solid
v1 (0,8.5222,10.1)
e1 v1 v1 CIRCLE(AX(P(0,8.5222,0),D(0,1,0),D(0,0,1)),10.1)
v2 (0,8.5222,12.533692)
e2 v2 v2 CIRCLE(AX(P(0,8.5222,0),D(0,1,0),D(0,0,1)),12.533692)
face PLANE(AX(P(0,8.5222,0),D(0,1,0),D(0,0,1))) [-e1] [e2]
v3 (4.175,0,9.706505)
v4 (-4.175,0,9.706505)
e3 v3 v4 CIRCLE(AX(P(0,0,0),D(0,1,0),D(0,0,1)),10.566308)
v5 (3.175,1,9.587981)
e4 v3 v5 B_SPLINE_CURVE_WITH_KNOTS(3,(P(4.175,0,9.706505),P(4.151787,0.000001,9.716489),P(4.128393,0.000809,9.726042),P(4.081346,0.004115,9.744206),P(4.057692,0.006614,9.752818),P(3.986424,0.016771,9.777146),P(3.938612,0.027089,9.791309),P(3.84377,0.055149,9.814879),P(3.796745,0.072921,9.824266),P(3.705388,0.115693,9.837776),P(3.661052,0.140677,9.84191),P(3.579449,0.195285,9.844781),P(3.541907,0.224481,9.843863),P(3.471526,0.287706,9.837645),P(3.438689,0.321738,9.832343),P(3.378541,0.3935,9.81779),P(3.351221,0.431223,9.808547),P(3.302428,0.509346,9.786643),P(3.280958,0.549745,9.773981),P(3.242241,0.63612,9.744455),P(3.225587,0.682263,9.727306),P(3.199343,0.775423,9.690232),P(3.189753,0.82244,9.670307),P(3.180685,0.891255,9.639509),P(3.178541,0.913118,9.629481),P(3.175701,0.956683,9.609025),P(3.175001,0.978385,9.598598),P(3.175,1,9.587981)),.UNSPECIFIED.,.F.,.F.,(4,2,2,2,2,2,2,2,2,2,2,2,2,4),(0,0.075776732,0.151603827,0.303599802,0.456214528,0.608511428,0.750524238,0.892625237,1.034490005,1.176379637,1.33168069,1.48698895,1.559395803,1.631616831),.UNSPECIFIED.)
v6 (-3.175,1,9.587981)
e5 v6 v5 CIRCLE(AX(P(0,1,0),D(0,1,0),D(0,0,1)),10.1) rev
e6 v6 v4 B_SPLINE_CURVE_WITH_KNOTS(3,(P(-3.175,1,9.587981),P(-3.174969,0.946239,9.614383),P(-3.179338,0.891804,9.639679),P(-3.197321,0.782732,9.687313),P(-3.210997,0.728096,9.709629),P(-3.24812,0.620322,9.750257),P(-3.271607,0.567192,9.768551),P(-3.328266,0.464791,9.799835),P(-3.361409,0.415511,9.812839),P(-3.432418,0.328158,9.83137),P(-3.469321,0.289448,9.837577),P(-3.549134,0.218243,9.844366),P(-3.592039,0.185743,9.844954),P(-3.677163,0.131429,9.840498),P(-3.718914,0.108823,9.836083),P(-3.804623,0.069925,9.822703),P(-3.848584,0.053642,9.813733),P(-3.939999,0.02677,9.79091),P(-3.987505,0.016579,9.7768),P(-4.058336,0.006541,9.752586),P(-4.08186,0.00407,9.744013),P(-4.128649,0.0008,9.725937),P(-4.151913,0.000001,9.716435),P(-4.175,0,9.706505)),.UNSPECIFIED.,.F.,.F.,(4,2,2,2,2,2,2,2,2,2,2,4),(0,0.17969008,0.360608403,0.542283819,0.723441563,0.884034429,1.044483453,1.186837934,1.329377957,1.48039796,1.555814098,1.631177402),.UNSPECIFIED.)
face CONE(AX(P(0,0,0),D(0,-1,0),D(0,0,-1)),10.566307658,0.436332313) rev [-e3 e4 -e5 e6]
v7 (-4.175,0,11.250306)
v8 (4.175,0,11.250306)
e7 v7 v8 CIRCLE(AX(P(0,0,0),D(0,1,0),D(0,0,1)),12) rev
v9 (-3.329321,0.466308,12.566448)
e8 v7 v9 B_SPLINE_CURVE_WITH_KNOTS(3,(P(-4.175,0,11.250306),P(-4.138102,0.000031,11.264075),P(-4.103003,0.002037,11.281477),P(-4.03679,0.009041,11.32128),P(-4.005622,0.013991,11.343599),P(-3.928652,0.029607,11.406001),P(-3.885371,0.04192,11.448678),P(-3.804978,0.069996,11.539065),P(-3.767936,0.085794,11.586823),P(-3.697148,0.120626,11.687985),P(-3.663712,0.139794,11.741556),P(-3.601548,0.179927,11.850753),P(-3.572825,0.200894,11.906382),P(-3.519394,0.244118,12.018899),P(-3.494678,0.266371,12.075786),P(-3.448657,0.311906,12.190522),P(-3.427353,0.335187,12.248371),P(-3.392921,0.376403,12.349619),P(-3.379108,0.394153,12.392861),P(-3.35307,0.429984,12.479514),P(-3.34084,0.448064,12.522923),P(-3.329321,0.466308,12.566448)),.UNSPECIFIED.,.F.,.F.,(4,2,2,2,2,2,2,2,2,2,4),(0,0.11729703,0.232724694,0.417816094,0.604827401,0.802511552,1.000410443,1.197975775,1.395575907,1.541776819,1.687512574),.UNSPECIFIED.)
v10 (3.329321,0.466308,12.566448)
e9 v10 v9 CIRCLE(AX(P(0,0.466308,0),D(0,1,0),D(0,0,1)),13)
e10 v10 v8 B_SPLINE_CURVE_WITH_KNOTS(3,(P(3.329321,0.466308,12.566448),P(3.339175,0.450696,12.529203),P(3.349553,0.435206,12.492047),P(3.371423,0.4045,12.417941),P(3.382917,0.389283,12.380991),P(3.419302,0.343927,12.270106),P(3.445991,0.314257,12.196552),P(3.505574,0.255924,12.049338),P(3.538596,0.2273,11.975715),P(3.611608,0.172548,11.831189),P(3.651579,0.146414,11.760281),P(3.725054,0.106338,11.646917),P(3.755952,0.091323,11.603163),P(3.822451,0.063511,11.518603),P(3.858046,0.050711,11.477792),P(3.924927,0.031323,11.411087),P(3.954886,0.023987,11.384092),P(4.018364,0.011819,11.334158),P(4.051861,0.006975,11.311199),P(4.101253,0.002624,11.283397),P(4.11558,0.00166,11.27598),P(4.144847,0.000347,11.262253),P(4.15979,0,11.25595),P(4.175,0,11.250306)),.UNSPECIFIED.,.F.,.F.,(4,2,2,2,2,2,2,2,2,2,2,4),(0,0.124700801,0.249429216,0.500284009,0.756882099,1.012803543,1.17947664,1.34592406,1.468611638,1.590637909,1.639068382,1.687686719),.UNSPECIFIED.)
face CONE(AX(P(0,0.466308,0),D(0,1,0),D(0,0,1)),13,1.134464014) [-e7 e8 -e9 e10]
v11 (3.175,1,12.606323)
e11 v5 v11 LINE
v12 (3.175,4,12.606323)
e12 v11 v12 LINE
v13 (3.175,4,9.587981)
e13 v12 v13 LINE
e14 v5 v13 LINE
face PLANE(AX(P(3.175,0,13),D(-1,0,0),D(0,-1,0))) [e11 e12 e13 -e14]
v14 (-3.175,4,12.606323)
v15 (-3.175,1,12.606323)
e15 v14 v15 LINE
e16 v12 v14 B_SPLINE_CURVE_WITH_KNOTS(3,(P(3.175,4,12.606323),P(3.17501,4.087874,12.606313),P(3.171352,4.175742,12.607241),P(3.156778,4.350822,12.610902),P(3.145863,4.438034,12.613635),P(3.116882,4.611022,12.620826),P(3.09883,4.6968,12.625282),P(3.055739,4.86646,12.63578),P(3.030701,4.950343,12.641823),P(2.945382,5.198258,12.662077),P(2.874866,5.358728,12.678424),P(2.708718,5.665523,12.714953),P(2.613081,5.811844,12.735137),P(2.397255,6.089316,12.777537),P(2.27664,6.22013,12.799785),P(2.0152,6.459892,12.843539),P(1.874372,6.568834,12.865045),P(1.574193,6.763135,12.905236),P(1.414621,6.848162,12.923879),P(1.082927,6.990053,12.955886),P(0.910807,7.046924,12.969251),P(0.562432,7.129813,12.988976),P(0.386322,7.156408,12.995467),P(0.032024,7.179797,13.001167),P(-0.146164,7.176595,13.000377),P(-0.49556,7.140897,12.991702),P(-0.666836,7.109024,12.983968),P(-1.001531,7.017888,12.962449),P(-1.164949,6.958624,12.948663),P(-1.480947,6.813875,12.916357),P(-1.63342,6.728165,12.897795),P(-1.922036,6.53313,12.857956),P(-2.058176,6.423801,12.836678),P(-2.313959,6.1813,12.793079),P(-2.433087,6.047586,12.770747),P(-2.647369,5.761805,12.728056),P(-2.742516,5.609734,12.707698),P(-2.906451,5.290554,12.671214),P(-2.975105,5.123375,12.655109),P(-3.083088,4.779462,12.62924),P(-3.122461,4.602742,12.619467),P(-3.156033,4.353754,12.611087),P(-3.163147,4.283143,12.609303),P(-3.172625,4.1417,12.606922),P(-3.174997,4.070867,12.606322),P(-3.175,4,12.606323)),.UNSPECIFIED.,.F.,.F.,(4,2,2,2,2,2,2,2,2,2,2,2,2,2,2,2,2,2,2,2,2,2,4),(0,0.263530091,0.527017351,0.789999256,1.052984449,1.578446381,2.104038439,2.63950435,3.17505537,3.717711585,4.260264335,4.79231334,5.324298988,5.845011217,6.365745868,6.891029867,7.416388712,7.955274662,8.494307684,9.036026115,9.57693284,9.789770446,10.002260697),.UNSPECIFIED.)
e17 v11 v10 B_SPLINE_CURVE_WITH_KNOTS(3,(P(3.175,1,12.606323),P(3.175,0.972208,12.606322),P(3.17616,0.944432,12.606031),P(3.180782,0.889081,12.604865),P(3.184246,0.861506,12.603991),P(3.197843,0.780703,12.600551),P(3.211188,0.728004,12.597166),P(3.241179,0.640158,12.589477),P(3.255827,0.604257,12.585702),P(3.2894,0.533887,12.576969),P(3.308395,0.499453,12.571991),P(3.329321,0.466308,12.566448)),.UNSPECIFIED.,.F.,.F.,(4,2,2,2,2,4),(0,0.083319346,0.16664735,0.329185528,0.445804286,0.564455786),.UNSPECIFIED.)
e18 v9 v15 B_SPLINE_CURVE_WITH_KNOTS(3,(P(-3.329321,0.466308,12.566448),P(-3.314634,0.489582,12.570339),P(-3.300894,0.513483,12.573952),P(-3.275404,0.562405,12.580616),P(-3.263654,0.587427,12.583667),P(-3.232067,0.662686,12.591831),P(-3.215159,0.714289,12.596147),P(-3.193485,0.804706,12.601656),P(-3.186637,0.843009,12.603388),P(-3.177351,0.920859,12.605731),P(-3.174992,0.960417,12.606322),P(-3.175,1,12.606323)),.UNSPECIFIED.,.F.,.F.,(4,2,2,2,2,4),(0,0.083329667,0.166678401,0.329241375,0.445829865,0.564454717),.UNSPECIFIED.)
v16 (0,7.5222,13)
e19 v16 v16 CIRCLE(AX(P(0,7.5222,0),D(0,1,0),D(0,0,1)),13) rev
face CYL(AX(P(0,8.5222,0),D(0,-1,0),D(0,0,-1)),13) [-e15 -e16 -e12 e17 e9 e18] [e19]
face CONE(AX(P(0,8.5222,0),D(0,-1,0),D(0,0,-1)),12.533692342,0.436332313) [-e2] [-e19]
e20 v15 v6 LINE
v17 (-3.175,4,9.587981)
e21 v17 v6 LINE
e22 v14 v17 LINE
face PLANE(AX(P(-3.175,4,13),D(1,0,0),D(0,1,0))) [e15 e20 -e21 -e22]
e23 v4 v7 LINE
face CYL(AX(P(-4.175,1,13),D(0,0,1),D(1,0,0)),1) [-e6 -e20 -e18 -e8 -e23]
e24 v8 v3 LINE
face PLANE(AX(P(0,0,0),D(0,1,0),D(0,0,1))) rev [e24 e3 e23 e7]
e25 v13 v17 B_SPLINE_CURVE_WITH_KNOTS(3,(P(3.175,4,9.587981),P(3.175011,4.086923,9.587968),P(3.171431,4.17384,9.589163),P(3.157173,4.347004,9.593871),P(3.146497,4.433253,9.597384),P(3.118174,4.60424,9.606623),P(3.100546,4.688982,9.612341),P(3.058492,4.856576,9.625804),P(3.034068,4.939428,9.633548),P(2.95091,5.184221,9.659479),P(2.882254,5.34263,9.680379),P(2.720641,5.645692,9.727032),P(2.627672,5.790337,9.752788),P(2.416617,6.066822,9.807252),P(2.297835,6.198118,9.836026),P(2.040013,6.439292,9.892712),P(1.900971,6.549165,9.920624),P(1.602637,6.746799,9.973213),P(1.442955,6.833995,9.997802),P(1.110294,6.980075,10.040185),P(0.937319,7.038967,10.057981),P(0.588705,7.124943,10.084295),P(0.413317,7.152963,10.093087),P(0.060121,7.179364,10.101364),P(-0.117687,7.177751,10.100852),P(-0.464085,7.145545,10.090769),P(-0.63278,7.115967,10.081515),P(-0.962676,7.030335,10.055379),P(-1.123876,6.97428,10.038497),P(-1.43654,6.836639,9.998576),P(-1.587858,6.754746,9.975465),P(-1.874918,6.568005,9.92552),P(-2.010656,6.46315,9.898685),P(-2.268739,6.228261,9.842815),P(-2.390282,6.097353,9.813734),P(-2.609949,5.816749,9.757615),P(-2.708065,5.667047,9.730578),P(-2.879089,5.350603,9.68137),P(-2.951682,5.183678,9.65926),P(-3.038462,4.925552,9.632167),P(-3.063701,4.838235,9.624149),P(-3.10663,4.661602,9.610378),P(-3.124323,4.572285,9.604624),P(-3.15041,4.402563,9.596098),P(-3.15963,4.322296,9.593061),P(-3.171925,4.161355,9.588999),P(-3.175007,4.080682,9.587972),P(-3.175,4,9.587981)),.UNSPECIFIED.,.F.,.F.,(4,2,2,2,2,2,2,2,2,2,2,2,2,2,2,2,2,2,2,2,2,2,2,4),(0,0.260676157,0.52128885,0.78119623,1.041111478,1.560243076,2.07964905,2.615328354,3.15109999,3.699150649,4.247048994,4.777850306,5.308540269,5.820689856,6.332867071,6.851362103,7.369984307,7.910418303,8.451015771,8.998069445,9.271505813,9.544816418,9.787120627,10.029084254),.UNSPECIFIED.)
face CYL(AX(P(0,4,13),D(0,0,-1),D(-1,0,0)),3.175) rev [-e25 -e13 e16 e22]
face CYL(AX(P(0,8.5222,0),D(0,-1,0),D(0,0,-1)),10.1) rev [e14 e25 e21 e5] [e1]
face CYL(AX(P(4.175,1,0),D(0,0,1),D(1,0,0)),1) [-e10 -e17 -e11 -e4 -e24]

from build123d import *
from OCP.BRepFilletAPI import BRepFilletAPI_MakeChamfer

# Parameters (mm, degrees)
SKETCH1_R           = 13
SKETCH1_R_2         = 10.1
BOSS_EXTRUDE1_DEPTH = 8.5222
CUT_EXTRUDE1_DEPTH  = 21.263955508
CHAMFER1_SIZE       = 1
CHAMFER1_SIZE2      = 0.466307658
FILLET2_R           = 1


with BuildPart() as part:
    # Sketch1 → Boss-Extrude1 (new body)
    with BuildSketch(Plane(origin=(0, 0, 0), x_dir=(1, 0, 0), z_dir=(0, 1, 0))):
        with Locations(Location((0, 0, 0), (0, 0, 270))):
            Circle(SKETCH1_R)
        with Locations(Location((0, 0, 0), (0, 0, 270))):
            Circle(SKETCH1_R_2, mode=Mode.SUBTRACT)
    extrude(amount=BOSS_EXTRUDE1_DEPTH)

    # Sketch2 → Cut-Extrude1 (cut, through all)
    with BuildSketch(Plane.XY):
        with BuildLine():
            Line((-3.175, 4), (-3.175, 0))
            Line((-3.175, 0), (3.175, 0))
            Line((3.175, 0), (3.175, 4))
            ThreePointArc((3.175, 4), (0, 7.175), (-3.175, 4))
        make_face()
    extrude(amount=CUT_EXTRUDE1_DEPTH, mode=Mode.SUBTRACT)

    # Chamfer1: one chamfer whose edges measure the first distance from different faces: ONE call of the kernel's chamfer builder (chamfer() names one face for all edges)
    chamfer1_edges_1 = [part.edges().sort_by_distance(p)[0] for p in [
        (0, 0, -13),
    ]]
    chamfer1_side_1 = [part.faces().sort_by_distance(p)[0] for p in [
        (3.539922426, 0, 11.097151788),
    ]]
    chamfer1_edges_2 = [part.edges().sort_by_distance(p)[0] for p in [
        (0, 8.5222, -13),
    ]]
    chamfer1_side_2 = [part.faces().sort_by_distance(p)[0] for p in [
        (0, 4.2611, -13),
    ]]
    chamfer1_edges_3 = [part.edges().sort_by_distance(p)[0] for p in [
        (0, 0, -10.1),
    ]]
    chamfer1_side_3 = [part.faces().sort_by_distance(p)[0] for p in [
        (0, 4.2611, -10.1),
    ]]
    chamfer1 = BRepFilletAPI_MakeChamfer(part.part.solid().wrapped)
    for e in chamfer1_edges_1:
        chamfer1.Add(CHAMFER1_SIZE, CHAMFER1_SIZE2, e.wrapped, chamfer1_side_1[0].wrapped)  # the first distance lies on this face
    for e in chamfer1_edges_2:
        chamfer1.Add(CHAMFER1_SIZE, CHAMFER1_SIZE2, e.wrapped, chamfer1_side_2[0].wrapped)  # the first distance lies on this face
    for e in chamfer1_edges_3:
        chamfer1.Add(CHAMFER1_SIZE, CHAMFER1_SIZE2, e.wrapped, chamfer1_side_3[0].wrapped)  # the first distance lies on this face
    add(Compound.cast(chamfer1.Shape()), mode=Mode.REPLACE)

    # Fillet2
    fillet2_edges = [part.edges().sort_by_distance(p)[0] for p in [
        (3.175, 0, 10.825180639),
        (-3.175, 0, 10.825180639),
    ]]
    fillet(fillet2_edges, radius=FILLET2_R)


solid = part.part
